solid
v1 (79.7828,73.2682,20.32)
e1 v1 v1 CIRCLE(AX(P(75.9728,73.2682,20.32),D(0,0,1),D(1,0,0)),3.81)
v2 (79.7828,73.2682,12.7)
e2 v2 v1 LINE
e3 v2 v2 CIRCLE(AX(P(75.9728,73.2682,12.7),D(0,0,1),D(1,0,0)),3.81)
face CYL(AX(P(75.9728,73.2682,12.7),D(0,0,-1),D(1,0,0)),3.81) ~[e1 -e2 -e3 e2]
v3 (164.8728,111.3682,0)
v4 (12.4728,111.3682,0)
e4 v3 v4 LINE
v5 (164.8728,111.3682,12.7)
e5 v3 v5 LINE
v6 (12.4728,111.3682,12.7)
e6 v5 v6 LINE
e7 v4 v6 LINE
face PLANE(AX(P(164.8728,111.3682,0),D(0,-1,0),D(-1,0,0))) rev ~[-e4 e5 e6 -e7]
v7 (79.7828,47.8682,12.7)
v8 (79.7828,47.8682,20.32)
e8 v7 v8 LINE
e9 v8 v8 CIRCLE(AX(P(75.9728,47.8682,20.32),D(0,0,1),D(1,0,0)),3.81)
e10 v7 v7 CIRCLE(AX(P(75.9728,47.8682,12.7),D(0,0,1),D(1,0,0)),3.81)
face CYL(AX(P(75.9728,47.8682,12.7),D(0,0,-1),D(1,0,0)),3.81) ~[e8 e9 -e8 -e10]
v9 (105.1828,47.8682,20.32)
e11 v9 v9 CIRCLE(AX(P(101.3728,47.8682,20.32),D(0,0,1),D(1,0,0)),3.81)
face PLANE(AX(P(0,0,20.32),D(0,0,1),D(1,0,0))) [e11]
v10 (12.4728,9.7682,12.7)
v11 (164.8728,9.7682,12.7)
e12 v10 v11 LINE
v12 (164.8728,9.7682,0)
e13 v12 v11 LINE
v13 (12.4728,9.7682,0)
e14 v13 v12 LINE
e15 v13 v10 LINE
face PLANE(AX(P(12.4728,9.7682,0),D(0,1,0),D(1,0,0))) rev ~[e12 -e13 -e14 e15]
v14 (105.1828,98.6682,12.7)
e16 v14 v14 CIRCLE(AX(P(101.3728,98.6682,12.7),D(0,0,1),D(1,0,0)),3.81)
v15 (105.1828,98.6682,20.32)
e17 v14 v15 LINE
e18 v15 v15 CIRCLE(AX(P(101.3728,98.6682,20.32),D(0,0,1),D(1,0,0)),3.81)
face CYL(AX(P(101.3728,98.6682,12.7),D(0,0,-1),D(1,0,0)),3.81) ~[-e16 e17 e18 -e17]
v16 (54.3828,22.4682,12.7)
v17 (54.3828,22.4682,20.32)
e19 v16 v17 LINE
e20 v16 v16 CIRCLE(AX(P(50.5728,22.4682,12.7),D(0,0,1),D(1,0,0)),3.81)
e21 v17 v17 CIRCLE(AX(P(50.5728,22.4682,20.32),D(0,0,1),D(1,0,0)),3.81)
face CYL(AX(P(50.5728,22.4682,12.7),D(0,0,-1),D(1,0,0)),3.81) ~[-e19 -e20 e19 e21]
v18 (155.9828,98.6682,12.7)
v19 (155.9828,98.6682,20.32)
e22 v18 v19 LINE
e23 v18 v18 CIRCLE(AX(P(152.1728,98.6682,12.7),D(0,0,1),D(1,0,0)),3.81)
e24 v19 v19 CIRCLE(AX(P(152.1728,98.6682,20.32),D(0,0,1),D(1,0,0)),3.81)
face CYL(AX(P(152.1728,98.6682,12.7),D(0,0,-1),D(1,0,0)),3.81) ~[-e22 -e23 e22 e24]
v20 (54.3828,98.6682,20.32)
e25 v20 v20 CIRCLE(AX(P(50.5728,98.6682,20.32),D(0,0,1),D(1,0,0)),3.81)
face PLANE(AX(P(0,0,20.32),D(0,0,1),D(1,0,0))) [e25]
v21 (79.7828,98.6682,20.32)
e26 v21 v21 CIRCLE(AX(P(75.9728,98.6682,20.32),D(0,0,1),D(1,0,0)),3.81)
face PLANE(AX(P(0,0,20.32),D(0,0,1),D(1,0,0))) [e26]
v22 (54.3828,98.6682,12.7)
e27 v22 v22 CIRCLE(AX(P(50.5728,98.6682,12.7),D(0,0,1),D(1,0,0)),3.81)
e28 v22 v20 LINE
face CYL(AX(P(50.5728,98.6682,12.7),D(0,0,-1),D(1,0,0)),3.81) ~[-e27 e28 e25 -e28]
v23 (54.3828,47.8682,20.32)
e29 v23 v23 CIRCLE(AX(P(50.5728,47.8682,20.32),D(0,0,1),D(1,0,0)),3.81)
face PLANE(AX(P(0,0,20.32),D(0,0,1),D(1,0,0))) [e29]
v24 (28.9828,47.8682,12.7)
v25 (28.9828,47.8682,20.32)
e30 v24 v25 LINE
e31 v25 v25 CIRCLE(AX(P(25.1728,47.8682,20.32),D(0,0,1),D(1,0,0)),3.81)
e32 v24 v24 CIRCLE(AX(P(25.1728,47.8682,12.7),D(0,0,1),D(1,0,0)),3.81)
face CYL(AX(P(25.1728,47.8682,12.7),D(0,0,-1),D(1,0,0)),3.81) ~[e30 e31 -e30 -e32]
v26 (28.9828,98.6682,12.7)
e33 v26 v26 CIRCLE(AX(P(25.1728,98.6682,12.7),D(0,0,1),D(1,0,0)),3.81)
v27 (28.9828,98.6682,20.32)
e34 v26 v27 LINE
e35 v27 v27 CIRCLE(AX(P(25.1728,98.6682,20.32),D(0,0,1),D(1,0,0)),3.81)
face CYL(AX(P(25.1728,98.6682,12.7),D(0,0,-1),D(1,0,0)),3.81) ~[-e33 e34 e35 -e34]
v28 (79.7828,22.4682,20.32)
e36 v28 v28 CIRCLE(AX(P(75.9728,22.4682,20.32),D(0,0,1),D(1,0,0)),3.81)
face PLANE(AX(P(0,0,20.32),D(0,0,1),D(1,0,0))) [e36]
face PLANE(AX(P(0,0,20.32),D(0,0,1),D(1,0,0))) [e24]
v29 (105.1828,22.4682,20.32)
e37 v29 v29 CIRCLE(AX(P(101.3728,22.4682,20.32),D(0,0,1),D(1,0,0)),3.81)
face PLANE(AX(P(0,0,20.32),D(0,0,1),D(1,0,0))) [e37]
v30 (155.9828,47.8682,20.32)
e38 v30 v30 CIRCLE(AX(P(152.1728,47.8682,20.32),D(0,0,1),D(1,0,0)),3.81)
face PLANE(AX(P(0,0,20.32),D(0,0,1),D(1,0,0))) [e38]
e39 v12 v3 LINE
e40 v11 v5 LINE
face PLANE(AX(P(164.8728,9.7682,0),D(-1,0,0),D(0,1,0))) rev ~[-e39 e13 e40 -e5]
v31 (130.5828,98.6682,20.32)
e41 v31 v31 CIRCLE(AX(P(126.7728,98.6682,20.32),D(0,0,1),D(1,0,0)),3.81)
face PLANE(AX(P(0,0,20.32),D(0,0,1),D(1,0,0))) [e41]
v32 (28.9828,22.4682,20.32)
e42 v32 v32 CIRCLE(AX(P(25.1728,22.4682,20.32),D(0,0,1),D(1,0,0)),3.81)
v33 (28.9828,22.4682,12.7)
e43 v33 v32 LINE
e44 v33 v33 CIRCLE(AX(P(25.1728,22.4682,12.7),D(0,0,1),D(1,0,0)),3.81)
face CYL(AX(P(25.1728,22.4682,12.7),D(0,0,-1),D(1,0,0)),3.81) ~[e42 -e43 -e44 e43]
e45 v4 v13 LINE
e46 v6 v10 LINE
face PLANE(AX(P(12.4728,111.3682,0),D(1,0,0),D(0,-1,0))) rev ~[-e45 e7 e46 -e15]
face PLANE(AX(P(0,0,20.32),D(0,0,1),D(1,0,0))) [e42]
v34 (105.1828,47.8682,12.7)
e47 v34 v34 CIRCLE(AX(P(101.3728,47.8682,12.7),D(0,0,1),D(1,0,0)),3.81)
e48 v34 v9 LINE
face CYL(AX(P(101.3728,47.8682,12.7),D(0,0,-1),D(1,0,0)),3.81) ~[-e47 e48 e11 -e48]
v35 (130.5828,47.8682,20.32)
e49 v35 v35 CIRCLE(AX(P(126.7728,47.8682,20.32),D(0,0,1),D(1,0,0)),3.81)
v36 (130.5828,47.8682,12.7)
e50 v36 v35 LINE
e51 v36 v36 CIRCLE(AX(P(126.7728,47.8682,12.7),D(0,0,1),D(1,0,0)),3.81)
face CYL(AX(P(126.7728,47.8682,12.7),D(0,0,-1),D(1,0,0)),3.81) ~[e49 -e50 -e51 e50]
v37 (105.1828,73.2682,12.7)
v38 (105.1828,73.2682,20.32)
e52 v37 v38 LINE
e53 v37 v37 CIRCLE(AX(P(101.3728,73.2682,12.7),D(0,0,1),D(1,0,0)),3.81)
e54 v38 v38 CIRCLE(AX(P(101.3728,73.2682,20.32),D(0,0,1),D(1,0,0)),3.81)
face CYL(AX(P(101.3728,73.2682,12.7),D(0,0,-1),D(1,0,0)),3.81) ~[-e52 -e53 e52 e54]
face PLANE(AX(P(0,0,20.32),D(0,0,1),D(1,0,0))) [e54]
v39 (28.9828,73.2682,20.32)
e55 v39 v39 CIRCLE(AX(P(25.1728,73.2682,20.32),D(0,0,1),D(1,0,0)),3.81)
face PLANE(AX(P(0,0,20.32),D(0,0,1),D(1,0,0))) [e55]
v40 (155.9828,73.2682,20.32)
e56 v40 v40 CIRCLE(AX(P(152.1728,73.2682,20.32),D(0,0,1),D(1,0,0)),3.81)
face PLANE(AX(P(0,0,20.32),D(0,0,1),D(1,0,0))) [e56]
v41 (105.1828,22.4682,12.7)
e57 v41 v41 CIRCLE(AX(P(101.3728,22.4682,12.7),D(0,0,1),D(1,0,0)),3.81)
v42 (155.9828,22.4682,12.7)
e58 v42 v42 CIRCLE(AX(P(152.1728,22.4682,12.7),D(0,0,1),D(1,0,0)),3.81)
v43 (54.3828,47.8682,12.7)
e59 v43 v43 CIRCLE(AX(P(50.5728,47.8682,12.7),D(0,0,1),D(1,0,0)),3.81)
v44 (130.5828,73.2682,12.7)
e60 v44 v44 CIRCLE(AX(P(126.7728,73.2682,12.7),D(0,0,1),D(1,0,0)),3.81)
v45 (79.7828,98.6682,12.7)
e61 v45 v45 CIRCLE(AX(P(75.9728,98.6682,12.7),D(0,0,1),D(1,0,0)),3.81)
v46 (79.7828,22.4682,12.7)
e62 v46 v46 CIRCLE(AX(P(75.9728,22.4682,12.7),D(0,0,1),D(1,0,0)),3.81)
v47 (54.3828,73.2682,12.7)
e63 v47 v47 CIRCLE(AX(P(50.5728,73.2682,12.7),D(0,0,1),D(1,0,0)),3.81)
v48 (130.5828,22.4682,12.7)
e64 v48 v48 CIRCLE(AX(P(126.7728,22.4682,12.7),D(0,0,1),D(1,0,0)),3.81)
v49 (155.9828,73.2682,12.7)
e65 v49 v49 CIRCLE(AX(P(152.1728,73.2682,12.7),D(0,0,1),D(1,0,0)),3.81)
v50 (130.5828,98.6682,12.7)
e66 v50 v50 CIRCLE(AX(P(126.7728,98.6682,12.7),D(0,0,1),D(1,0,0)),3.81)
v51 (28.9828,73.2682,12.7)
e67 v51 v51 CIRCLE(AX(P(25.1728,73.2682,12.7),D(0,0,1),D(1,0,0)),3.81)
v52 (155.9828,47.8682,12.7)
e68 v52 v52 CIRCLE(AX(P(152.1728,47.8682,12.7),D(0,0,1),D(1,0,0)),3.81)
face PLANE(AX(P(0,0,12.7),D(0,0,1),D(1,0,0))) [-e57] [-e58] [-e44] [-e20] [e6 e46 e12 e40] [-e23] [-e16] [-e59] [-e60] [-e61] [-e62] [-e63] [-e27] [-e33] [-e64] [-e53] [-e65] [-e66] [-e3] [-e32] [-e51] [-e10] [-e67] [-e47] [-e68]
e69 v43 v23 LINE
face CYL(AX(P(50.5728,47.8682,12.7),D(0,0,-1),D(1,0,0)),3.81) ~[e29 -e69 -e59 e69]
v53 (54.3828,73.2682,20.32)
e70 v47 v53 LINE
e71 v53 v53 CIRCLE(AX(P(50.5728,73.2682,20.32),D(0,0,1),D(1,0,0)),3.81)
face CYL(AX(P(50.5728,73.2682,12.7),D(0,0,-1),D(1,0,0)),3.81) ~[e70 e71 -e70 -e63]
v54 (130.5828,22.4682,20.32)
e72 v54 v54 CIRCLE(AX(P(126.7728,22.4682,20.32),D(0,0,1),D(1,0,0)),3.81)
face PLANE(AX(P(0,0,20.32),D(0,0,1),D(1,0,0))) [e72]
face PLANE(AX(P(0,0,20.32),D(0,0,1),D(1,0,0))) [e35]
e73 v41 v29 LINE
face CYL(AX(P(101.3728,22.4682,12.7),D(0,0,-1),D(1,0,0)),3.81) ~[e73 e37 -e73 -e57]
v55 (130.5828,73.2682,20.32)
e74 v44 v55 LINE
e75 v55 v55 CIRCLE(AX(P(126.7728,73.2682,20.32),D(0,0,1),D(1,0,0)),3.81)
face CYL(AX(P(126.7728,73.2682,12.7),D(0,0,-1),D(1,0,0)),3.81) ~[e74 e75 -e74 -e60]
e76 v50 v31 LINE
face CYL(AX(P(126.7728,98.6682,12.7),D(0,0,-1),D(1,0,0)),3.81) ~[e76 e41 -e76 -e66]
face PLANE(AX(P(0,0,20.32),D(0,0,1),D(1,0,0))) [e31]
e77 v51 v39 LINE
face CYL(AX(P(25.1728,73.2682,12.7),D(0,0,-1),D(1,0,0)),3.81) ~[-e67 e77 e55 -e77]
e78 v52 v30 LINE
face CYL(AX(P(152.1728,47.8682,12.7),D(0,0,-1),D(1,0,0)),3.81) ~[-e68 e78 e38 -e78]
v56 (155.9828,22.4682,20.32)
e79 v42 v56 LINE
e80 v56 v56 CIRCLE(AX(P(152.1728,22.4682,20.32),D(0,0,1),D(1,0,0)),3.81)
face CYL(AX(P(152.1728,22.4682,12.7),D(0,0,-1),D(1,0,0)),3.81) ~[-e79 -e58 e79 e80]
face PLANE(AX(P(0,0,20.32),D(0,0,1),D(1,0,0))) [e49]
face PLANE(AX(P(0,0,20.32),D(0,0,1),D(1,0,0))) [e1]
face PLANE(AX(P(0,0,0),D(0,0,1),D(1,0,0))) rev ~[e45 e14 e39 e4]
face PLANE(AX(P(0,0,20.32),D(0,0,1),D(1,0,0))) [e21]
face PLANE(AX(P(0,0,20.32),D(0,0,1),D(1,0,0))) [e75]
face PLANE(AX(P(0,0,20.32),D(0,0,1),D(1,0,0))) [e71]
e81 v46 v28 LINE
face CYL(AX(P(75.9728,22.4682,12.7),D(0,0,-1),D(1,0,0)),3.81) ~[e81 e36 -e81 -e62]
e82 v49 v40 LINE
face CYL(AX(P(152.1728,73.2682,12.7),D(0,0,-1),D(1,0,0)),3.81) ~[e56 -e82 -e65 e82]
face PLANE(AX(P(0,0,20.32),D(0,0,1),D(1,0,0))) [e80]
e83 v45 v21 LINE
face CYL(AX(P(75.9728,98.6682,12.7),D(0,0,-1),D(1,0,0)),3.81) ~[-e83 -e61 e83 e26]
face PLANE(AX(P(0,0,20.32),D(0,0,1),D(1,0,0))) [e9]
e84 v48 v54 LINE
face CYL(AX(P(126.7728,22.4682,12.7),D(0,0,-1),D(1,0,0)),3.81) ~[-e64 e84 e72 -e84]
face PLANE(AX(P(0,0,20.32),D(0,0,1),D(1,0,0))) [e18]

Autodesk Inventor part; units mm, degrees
ref_plane "YZ Plane" through (0, 0, 0) normal (1, 0, 0) x (0, 1, 0)
ref_plane "XZ Plane" through (0, 0, 0) normal (0, 1, 0) x (-1, 0, 0)
ref_plane "XY Plane" through (0, 0, 0) normal (0, 0, 1) x (1, 0, 0)
sketch "Sketch1" plane through (0, 0, 0) normal (0, 0, 1) x (1, 0, 0)
  line L0 (12.4728, 9.7682) -> (164.8728, 9.7682)
  line L1 (164.8728, 9.7682) -> (164.8728, 111.3682)
  line L2 (164.8728, 111.3682) -> (12.4728, 111.3682)
  line L3 (12.4728, 111.3682) -> (12.4728, 9.7682)
  point P0 (0, 0)
  dimension "d0" = 152.4
  dimension "d1" = 101.6
extrude "Extrusion1" add sketch "Sketch1" along normal blind 12.7
sketch "Sketch2" plane through (0, 0, 12.7) normal (0, 0, 1) x (1, 0, 0)
  circle A0 centre (25.1728, 22.4682) radius 3.81
  line L0 (12.4728, 111.3682) -> (12.4728, 9.7682) projected
  line L1 (12.4728, 9.7682) -> (164.8728, 9.7682) projected
  circle A1 centre (25.1728, 47.8682) radius 3.81
  circle A2 centre (25.1728, 73.2682) radius 3.81
  circle A3 centre (25.1728, 98.6682) radius 3.81
  circle A4 centre (50.5728, 22.4682) radius 3.81
  circle A5 centre (50.5728, 47.8682) radius 3.81
  circle A6 centre (50.5728, 73.2682) radius 3.81
  circle A7 centre (50.5728, 98.6682) radius 3.81
  circle A8 centre (75.9728, 22.4682) radius 3.81
  circle A9 centre (75.9728, 47.8682) radius 3.81
  circle A10 centre (75.9728, 73.2682) radius 3.81
  circle A11 centre (75.9728, 98.6682) radius 3.81
  circle A12 centre (101.3728, 22.4682) radius 3.81
  circle A13 centre (101.3728, 47.8682) radius 3.81
  circle A14 centre (101.3728, 73.2682) radius 3.81
  circle A15 centre (101.3728, 98.6682) radius 3.81
  circle A16 centre (126.7728, 22.4682) radius 3.81
  circle A17 centre (126.7728, 47.8682) radius 3.81
  circle A18 centre (126.7728, 73.2682) radius 3.81
  circle A19 centre (126.7728, 98.6682) radius 3.81
  circle A20 centre (152.1728, 22.4682) radius 3.81
  circle A21 centre (152.1728, 47.8682) radius 3.81
  circle A22 centre (152.1728, 73.2682) radius 3.81
  circle A23 centre (152.1728, 98.6682) radius 3.81
  point P0 (0, 0)
  dimension "d4" = 7.62
  dimension "d5" = 12.7
  dimension "d6" = 12.7
  dimension "d9" = 25.4
  dimension "d12" = 25.4
extrude "Extrusion2" add sketch "Sketch2" along normal blind 7.62
properties part number "p"
